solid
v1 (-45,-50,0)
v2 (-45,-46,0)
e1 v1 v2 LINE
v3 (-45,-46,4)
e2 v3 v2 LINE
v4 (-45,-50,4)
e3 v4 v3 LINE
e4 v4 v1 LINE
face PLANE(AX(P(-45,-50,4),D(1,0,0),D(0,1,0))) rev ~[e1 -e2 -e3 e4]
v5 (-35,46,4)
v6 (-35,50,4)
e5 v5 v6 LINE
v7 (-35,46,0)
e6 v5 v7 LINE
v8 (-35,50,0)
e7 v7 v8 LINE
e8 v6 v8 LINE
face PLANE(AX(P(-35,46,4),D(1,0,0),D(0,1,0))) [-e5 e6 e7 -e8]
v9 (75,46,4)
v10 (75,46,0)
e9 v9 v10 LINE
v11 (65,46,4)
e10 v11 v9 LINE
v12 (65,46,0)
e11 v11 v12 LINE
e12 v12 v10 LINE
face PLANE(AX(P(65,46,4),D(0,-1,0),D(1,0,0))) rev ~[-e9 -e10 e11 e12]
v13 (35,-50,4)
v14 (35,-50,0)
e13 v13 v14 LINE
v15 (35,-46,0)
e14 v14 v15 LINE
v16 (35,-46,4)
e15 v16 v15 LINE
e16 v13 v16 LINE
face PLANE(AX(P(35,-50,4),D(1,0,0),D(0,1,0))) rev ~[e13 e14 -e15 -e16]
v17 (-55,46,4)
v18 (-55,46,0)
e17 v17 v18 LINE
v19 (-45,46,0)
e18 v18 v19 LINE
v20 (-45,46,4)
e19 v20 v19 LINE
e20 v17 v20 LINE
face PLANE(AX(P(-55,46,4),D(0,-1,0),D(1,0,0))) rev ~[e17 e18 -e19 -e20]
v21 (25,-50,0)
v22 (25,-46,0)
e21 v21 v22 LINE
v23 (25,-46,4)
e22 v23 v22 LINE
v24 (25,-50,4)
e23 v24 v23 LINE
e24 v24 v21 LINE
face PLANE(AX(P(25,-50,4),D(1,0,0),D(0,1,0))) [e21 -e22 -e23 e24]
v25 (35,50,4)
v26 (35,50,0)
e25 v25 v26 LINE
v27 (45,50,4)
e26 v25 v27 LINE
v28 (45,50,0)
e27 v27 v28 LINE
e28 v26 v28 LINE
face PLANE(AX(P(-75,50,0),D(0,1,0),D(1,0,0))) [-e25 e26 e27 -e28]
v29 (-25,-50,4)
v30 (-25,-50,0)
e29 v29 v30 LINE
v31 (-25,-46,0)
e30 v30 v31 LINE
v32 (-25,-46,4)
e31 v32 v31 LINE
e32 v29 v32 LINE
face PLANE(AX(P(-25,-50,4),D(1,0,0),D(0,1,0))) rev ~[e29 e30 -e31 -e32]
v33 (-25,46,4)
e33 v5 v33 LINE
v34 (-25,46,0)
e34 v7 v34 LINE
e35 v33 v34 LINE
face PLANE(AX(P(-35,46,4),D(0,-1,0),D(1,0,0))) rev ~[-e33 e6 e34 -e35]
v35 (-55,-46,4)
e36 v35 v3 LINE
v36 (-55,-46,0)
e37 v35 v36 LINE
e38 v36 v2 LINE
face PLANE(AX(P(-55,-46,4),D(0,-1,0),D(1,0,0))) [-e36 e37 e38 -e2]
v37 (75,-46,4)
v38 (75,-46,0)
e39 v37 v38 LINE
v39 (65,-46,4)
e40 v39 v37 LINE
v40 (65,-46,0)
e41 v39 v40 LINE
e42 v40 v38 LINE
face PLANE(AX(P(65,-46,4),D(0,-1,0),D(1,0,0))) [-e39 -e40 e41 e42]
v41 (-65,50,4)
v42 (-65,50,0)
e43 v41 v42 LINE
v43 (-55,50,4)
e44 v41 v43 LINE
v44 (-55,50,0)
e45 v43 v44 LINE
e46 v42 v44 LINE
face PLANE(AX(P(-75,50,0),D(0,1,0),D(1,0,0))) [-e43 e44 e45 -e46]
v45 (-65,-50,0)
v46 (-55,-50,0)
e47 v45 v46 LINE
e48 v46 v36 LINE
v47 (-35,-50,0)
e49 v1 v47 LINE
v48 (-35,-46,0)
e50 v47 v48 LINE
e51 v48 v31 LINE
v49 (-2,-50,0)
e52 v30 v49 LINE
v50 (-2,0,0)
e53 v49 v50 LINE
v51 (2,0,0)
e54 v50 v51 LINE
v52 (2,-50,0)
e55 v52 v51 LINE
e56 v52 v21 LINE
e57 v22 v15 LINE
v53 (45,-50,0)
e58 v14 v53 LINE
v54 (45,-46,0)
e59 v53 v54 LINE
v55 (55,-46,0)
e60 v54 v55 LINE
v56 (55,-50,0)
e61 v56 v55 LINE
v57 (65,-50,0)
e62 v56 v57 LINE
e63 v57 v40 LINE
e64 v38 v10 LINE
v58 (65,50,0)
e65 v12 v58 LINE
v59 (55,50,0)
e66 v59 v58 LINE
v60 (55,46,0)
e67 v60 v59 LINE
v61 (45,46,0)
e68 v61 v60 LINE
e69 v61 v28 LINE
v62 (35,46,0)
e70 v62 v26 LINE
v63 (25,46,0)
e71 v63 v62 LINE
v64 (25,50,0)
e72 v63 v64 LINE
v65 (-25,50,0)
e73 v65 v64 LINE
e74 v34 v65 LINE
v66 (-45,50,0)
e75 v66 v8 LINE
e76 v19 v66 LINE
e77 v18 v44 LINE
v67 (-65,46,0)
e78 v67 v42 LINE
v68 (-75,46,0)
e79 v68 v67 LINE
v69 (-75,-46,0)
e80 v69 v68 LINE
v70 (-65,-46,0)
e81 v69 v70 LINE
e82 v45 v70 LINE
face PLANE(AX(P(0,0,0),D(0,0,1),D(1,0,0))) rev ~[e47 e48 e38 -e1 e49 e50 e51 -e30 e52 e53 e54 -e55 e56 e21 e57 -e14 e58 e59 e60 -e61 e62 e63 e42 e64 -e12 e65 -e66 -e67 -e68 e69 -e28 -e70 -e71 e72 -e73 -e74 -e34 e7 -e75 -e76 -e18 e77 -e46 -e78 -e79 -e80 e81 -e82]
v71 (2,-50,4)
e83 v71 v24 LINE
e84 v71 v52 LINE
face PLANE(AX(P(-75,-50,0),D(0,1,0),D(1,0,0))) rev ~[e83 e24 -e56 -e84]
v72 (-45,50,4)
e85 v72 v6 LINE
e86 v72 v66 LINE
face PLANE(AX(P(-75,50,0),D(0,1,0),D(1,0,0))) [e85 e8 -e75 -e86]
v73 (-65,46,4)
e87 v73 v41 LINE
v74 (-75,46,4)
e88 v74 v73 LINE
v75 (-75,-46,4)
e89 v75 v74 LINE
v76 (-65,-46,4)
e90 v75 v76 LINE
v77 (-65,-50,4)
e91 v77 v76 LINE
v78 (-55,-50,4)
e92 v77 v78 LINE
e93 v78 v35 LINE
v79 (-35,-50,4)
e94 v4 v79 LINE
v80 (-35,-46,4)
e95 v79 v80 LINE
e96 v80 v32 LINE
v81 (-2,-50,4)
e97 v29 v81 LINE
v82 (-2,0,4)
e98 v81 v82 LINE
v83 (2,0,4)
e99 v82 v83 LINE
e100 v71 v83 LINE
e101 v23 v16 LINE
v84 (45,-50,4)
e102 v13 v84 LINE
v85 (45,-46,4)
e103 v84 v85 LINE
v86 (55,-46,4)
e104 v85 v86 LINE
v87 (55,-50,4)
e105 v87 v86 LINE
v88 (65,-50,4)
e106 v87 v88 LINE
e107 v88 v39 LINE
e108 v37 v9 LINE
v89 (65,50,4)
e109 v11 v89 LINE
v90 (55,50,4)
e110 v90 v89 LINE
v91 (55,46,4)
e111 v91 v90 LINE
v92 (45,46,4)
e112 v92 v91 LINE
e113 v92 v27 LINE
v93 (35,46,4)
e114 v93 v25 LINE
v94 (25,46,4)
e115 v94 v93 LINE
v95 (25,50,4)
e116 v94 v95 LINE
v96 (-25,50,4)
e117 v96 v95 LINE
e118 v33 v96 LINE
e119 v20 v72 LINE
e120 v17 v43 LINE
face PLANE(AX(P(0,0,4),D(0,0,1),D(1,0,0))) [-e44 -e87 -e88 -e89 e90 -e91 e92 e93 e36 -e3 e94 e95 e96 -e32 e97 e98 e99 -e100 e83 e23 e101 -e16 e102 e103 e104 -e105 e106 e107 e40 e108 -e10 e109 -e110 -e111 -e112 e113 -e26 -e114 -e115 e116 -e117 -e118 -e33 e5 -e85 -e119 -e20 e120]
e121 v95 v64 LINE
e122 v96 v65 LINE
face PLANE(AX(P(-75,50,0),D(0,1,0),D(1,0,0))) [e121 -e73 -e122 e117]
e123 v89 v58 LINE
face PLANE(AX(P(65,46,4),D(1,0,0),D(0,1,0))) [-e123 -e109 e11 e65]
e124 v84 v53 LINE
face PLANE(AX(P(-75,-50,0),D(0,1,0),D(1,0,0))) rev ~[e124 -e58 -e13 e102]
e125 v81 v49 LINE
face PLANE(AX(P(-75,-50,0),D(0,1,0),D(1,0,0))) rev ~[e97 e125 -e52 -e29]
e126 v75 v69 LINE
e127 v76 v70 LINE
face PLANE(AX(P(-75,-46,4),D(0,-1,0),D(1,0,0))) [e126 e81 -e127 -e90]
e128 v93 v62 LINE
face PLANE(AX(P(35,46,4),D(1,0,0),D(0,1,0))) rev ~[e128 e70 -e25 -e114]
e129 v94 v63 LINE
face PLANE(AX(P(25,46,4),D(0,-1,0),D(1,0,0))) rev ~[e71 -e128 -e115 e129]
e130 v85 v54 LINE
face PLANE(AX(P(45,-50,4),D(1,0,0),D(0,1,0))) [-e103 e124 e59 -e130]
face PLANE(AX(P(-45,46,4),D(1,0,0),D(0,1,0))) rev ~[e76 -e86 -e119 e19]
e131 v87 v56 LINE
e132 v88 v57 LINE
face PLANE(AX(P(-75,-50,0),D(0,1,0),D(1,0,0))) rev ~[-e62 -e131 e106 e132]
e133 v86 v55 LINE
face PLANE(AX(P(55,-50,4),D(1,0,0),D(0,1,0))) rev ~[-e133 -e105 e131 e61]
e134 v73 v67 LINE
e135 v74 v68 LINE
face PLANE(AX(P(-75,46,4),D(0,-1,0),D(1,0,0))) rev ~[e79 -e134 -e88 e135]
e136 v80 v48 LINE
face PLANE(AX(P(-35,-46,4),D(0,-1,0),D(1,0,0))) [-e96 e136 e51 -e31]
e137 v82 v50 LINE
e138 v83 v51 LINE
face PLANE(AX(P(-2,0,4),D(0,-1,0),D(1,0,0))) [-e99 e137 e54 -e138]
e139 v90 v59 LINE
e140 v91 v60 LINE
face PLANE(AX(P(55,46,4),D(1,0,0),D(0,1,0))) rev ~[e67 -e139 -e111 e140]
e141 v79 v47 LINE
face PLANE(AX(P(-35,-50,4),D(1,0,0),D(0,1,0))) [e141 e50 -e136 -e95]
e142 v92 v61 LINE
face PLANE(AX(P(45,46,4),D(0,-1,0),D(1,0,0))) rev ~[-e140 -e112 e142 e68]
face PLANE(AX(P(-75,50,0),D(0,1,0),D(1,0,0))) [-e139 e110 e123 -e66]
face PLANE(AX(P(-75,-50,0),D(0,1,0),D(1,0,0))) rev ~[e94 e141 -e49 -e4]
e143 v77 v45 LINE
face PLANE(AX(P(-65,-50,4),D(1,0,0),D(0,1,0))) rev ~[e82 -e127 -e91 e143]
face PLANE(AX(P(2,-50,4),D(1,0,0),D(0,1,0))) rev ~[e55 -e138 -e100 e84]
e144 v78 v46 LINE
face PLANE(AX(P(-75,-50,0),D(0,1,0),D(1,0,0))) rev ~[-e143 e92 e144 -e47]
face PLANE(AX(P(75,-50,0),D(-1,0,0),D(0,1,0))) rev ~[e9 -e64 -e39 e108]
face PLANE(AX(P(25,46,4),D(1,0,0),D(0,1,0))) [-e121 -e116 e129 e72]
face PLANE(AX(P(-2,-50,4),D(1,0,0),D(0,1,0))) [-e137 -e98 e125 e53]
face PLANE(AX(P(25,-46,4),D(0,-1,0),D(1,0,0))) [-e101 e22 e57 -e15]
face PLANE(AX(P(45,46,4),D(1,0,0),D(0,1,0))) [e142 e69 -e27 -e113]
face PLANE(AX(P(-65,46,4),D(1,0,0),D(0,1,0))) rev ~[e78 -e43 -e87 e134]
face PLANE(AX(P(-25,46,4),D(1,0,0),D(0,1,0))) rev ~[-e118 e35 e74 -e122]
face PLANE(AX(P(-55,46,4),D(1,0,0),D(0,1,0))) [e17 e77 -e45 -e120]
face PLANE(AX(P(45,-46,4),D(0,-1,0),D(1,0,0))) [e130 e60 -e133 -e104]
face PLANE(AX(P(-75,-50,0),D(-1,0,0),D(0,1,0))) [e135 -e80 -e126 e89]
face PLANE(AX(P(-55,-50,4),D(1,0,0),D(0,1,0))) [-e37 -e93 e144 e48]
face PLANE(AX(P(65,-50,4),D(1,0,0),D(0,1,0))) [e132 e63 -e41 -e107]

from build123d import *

# Parameters (mm, degrees)
SKETCH1_W           = 150
SKETCH1_H           = 100
BOSS_EXTRUDE1_DEPTH = 4
CUT_EXTRUDE2_START  = 4
SKETCH3_W           = 10
SKETCH3_H           = 4
SKETCH3_W_2         = 4
SKETCH3_H_2         = 50
CUT_EXTRUDE2_DEPTH  = 5


with BuildPart() as part:
    # Sketch1 → Boss-Extrude1 (new body)
    with BuildSketch(Plane.XY):
        Rectangle(SKETCH1_W, SKETCH1_H)
    extrude(amount=BOSS_EXTRUDE1_DEPTH)

    # Sketch3 → Cut-Extrude2 (cut, through all)
    with BuildSketch(Plane.XY.offset(CUT_EXTRUDE2_START)):
        with Locations((-50, 48)):
            Rectangle(SKETCH3_W, SKETCH3_H)
        with Locations((-30, 48)):
            Rectangle(SKETCH3_W, SKETCH3_H)
        with Locations((-70, 48)):
            Rectangle(SKETCH3_W, SKETCH3_H)
        with Locations((70, 48)):
            Rectangle(SKETCH3_W, SKETCH3_H)
        with Locations((50, 48)):
            Rectangle(SKETCH3_W, SKETCH3_H)
        with Locations((30, 48)):
            Rectangle(SKETCH3_W, SKETCH3_H)
        with Locations((50, -48)):
            Rectangle(SKETCH3_W, SKETCH3_H)
        with Locations((30, -48)):
            Rectangle(SKETCH3_W, SKETCH3_H)
        with Locations((70, -48)):
            Rectangle(SKETCH3_W, SKETCH3_H)
        with Locations((-70, -48)):
            Rectangle(SKETCH3_W, SKETCH3_H)
        with Locations((-50, -48)):
            Rectangle(SKETCH3_W, SKETCH3_H)
        with Locations((-30, -48)):
            Rectangle(SKETCH3_W, SKETCH3_H)
        with Locations((0, -25)):
            Rectangle(SKETCH3_W_2, SKETCH3_H_2)
    extrude(amount=-CUT_EXTRUDE2_DEPTH, mode=Mode.SUBTRACT)


solid = part.part
